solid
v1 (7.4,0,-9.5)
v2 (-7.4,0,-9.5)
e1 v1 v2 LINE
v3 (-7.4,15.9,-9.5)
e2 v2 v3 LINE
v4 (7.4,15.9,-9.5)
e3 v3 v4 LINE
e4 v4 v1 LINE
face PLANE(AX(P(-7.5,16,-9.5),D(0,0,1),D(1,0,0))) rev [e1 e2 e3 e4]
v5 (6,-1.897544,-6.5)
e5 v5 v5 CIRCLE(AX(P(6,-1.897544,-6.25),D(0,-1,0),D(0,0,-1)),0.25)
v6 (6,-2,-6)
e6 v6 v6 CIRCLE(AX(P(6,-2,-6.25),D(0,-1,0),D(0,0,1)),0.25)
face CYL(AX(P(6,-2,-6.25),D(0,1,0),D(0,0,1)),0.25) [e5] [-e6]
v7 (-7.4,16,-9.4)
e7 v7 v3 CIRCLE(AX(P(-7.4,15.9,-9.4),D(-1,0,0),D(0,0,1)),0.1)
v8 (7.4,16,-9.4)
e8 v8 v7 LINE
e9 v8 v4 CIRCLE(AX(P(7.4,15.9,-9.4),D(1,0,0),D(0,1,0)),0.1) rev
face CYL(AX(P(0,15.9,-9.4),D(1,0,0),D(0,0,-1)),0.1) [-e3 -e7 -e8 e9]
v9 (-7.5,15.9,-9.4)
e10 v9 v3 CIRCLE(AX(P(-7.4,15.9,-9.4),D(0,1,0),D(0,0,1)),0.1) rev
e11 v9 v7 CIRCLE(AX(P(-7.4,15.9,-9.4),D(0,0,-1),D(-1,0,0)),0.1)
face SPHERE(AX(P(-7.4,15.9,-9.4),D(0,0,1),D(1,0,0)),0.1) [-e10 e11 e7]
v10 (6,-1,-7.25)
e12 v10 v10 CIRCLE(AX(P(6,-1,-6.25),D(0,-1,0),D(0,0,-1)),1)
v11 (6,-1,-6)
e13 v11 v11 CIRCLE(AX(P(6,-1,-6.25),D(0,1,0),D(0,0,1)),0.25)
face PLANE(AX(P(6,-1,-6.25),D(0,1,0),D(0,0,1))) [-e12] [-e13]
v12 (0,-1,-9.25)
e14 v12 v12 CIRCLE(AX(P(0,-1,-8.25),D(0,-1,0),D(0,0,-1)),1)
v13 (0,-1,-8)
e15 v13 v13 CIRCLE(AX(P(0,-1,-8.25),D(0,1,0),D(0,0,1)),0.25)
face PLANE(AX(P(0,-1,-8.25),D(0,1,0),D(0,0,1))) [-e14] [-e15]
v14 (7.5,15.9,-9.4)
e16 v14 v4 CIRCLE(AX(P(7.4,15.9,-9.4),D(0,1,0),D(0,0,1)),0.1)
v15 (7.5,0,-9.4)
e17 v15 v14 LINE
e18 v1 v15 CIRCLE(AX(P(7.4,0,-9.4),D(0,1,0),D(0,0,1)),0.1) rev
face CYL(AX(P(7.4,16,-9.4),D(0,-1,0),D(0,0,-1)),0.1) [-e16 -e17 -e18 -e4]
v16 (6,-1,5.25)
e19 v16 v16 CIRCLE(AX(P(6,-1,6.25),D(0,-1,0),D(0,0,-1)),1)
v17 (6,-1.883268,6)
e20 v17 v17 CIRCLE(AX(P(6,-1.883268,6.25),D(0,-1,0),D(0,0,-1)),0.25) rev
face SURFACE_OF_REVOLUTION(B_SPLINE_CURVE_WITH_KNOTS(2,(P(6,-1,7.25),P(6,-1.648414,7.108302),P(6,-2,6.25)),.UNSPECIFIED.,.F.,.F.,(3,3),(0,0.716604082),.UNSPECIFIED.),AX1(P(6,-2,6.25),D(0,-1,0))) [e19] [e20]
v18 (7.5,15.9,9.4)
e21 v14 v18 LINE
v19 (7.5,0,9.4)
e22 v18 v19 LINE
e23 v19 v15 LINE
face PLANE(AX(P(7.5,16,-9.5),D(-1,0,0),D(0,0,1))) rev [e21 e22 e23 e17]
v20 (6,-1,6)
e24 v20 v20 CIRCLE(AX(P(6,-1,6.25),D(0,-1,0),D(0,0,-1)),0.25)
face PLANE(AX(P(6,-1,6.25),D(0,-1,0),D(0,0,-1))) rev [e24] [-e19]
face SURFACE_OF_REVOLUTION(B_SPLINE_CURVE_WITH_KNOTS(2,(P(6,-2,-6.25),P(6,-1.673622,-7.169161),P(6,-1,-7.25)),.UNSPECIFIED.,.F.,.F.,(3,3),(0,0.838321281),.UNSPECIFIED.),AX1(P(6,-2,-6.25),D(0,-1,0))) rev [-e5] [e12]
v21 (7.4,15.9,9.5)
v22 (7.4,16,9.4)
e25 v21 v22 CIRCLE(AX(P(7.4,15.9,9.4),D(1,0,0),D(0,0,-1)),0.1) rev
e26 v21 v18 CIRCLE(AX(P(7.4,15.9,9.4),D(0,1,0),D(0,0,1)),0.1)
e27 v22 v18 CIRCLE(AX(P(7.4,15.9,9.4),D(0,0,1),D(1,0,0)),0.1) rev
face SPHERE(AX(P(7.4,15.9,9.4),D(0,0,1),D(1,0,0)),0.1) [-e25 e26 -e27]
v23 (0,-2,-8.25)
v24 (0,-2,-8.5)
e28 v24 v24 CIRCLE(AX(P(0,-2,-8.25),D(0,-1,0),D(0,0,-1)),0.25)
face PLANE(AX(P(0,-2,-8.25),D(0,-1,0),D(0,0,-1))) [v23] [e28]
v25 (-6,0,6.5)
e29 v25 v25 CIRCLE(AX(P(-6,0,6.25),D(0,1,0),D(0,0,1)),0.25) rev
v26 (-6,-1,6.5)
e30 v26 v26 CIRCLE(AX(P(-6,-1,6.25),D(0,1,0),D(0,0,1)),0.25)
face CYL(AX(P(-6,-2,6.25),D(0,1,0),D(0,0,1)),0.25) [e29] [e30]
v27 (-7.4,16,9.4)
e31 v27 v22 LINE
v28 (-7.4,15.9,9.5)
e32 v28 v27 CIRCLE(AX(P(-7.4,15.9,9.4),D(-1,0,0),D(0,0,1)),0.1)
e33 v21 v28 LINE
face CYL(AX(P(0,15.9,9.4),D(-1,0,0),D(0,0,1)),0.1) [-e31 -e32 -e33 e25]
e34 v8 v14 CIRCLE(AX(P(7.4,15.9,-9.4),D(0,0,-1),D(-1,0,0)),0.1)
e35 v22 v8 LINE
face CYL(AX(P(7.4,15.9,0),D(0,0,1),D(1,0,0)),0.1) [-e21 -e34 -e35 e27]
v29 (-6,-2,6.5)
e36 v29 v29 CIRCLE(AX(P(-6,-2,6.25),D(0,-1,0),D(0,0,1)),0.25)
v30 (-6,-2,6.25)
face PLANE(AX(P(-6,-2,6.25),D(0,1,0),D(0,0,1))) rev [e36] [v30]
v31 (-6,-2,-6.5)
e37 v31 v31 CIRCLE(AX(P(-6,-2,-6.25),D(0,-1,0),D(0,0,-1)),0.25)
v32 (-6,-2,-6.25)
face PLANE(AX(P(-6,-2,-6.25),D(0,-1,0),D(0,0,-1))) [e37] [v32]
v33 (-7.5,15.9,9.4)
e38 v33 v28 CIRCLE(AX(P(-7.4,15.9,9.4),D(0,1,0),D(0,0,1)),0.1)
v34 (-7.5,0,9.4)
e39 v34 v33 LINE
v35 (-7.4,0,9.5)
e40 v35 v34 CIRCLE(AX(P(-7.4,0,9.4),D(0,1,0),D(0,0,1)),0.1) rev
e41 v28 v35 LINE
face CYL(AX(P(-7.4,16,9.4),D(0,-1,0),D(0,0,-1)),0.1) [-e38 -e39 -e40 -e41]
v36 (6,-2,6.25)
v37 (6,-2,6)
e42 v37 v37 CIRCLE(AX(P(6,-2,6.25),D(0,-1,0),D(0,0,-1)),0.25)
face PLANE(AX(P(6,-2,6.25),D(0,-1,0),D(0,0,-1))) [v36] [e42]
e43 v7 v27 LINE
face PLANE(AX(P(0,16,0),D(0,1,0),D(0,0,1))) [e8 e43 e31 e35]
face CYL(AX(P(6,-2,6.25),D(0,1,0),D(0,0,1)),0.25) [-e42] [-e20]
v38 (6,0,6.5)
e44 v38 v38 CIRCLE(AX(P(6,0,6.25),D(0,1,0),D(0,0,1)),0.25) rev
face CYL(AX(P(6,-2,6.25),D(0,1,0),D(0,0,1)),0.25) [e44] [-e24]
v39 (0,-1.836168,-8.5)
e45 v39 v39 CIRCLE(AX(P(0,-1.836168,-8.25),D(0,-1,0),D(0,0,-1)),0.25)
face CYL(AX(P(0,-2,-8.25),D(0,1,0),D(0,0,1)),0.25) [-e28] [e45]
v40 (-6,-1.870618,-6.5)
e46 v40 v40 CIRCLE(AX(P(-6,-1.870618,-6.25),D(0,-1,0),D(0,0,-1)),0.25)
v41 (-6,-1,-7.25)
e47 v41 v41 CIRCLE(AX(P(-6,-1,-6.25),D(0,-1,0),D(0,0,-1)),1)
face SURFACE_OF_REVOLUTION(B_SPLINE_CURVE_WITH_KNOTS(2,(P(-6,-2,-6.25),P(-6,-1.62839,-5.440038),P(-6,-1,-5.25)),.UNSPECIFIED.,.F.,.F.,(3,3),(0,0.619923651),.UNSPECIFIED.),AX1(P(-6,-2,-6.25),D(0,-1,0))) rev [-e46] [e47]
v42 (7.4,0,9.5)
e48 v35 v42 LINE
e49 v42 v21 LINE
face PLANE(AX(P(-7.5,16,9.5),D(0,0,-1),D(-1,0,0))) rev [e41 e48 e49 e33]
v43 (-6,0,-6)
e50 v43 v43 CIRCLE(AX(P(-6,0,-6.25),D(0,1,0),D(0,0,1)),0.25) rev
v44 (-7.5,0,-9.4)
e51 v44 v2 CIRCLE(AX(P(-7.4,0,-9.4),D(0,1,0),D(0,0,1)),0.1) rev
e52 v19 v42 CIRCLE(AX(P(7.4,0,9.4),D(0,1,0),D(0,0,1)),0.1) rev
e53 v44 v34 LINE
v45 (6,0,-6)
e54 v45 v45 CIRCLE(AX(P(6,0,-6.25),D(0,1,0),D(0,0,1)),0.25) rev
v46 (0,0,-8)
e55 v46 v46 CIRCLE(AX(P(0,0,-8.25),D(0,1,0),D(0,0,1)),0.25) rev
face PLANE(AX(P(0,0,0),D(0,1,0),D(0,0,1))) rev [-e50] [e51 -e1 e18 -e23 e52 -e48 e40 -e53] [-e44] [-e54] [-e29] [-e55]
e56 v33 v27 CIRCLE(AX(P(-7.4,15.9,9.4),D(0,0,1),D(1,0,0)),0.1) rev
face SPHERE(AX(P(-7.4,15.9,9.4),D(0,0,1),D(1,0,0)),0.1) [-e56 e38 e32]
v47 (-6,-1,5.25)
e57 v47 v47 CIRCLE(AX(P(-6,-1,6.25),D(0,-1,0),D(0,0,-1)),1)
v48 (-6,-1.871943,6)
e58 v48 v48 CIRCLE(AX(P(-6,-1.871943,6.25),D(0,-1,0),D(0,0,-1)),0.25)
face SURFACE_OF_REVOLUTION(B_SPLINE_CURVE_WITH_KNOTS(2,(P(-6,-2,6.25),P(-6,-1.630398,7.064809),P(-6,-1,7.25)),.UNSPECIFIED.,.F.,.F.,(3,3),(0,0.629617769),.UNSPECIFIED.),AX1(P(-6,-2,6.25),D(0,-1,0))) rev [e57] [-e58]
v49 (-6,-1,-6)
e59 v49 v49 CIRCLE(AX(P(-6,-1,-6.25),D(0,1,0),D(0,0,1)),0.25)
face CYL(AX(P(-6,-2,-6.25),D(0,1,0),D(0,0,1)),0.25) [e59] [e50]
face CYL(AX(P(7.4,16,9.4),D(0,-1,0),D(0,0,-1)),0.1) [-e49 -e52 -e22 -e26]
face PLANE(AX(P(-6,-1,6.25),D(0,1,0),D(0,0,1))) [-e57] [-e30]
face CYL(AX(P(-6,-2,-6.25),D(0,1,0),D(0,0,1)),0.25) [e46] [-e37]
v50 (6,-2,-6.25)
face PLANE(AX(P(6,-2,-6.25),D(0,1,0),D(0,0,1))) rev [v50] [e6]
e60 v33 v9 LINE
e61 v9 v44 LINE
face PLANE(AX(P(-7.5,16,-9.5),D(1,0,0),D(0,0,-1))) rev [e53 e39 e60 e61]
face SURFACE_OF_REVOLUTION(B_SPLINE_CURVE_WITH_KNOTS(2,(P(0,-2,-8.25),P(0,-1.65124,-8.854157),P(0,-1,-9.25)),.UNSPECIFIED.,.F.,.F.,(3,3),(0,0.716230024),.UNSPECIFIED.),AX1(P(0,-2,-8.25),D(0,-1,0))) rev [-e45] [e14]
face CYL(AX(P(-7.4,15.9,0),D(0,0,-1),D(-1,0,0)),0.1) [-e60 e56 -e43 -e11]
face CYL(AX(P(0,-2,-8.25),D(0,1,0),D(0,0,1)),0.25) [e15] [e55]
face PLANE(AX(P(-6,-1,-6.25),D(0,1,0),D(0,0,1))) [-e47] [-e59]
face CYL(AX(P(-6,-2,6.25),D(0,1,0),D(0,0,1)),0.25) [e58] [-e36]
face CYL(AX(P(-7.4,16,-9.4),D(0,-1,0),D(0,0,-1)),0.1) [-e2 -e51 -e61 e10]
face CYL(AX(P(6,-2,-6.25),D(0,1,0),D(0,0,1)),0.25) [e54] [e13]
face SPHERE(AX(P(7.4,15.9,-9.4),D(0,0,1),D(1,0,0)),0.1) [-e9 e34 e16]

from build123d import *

# Parameters (mm, degrees)
IZIM1_W                     = 15
IZIM1_H                     = 19
Y_KSEKLIK_EKSTR_ZYON1_DEPTH = 16
RADYUS1_R                   = 0.1
IZIM2_R                     = 0.25
Y_KSEKLIK_EKSTR_ZYON2_DEPTH = 2


with BuildPart() as part:
    # Çizim1 → Yükseklik-Ekstrüzyon1 (new body)
    with BuildSketch(Plane(origin=(0, 0, 0), x_dir=(1, 0, 0), z_dir=(0, 1, 0))):
        Rectangle(IZIM1_W, IZIM1_H)
    extrude(amount=Y_KSEKLIK_EKSTR_ZYON1_DEPTH)

    # Radyus1
    radyus1_edges = [part.edges().sort_by_distance(p)[0] for p in [
        (-7.5, 16, 0),
        (0, 16, 9.5),
        (7.5, 16, 0),
        (0, 16, -9.5),
        (7.5, 8, 9.5),
        (-7.5, 8, 9.5),
        (-7.5, 8, -9.5),
        (7.5, 8, -9.5),
    ]]
    fillet(radyus1_edges, radius=RADYUS1_R)

    # Çizim2 → Yükseklik-Ekstrüzyon2 (add)
    with BuildSketch(Plane.XZ):
        with Locations((6, 6.25)):
            Circle(IZIM2_R)
        with Locations((-6, 6.25)):
            Circle(IZIM2_R)
        with Locations((6, -6.25)):
            Circle(IZIM2_R)
        with Locations((-6, -6.25)):
            Circle(IZIM2_R)
        with Locations((0, -8.25)):
            Circle(IZIM2_R)
    extrude(amount=Y_KSEKLIK_EKSTR_ZYON2_DEPTH)

    # Çizim3 → Döndür1 (revolve)
    with BuildSketch(Plane.ZY.offset(6)):
        with BuildLine():
            Line((-6.25, -2), (-6.25, -1))
            Line((-6.25, -1), (-5.25, -1))
            add(Edge.make_bspline(
                [(-6.25, -2), (-5.440038175, -1.628390392), (-5.25, -1)],
                knots=[0, 0, 0, 0.619923651, 0.619923651, 0.619923651], degree=2))
        make_face()
    revolve(axis=Axis((-6, -2, -6.25), (0, 1, 0)))

    # Çizim4 → Döndür2 (revolve)
    with BuildSketch(Plane.ZY.offset(6)):
        with BuildLine():
            Line((6.25, -2), (6.25, -1))
            Line((6.25, -1), (7.25, -1))
            add(Edge.make_bspline(
                [(6.25, -2), (7.064808885, -1.63039811), (7.25, -1)],
                knots=[0, 0, 0, 0.629617769, 0.629617769, 0.629617769], degree=2))
        make_face()
    revolve(axis=Axis((-6, -2, 6.25), (0, 1, 0)))

    # Çizim5 → Döndür3 (revolve)
    with BuildSketch(Plane(origin=(6, 0, 0), x_dir=(0, 0, -1), z_dir=(1, 0, 0))):
        with BuildLine():
            Line((-6.25, -2), (-6.25, -1))
            Line((-6.25, -1), (-7.25, -1))
            add(Edge.make_bspline(
                [(-6.25, -2), (-7.108302041, -1.648413565), (-7.25, -1)],
                knots=[0, 0, 0, 0.716604082, 0.716604082, 0.716604082], degree=2))
        make_face()
    revolve(axis=Axis((6, -2, 6.25), (0, 1, 0)))

    # Çizim6 → Döndür4 (revolve)
    with BuildSketch(Plane(origin=(6, 0, 0), x_dir=(0, 0, -1), z_dir=(1, 0, 0))):
        with BuildLine():
            Line((6.25, -2), (6.25, -1))
            Line((6.25, -1), (7.25, -1))
            add(Edge.make_bspline(
                [(6.25, -2), (7.16916064, -1.673622022), (7.25, -1)],
                knots=[0, 0, 0, 0.838321281, 0.838321281, 0.838321281], degree=2))
        make_face()
    revolve(axis=Axis((6, -2, -6.25), (0, 1, 0)))

    # Çizim7 → Döndür5 (revolve)
    with BuildSketch(Plane(origin=(0, 0, 0), x_dir=(0, 0, -1), z_dir=(1, 0, 0))):
        with BuildLine():
            Line((8.25, -2), (8.25, -1))
            Line((8.25, -1), (9.25, -1))
            add(Edge.make_bspline(
                [(9.25, -1), (8.854156938, -1.651239765), (8.25, -2)],
                knots=[0, 0, 0, 0.716230024, 0.716230024, 0.716230024], degree=2))
        make_face()
    revolve(axis=Axis((0, -2, -8.25), (0, 1, 0)))


solid = part.part
